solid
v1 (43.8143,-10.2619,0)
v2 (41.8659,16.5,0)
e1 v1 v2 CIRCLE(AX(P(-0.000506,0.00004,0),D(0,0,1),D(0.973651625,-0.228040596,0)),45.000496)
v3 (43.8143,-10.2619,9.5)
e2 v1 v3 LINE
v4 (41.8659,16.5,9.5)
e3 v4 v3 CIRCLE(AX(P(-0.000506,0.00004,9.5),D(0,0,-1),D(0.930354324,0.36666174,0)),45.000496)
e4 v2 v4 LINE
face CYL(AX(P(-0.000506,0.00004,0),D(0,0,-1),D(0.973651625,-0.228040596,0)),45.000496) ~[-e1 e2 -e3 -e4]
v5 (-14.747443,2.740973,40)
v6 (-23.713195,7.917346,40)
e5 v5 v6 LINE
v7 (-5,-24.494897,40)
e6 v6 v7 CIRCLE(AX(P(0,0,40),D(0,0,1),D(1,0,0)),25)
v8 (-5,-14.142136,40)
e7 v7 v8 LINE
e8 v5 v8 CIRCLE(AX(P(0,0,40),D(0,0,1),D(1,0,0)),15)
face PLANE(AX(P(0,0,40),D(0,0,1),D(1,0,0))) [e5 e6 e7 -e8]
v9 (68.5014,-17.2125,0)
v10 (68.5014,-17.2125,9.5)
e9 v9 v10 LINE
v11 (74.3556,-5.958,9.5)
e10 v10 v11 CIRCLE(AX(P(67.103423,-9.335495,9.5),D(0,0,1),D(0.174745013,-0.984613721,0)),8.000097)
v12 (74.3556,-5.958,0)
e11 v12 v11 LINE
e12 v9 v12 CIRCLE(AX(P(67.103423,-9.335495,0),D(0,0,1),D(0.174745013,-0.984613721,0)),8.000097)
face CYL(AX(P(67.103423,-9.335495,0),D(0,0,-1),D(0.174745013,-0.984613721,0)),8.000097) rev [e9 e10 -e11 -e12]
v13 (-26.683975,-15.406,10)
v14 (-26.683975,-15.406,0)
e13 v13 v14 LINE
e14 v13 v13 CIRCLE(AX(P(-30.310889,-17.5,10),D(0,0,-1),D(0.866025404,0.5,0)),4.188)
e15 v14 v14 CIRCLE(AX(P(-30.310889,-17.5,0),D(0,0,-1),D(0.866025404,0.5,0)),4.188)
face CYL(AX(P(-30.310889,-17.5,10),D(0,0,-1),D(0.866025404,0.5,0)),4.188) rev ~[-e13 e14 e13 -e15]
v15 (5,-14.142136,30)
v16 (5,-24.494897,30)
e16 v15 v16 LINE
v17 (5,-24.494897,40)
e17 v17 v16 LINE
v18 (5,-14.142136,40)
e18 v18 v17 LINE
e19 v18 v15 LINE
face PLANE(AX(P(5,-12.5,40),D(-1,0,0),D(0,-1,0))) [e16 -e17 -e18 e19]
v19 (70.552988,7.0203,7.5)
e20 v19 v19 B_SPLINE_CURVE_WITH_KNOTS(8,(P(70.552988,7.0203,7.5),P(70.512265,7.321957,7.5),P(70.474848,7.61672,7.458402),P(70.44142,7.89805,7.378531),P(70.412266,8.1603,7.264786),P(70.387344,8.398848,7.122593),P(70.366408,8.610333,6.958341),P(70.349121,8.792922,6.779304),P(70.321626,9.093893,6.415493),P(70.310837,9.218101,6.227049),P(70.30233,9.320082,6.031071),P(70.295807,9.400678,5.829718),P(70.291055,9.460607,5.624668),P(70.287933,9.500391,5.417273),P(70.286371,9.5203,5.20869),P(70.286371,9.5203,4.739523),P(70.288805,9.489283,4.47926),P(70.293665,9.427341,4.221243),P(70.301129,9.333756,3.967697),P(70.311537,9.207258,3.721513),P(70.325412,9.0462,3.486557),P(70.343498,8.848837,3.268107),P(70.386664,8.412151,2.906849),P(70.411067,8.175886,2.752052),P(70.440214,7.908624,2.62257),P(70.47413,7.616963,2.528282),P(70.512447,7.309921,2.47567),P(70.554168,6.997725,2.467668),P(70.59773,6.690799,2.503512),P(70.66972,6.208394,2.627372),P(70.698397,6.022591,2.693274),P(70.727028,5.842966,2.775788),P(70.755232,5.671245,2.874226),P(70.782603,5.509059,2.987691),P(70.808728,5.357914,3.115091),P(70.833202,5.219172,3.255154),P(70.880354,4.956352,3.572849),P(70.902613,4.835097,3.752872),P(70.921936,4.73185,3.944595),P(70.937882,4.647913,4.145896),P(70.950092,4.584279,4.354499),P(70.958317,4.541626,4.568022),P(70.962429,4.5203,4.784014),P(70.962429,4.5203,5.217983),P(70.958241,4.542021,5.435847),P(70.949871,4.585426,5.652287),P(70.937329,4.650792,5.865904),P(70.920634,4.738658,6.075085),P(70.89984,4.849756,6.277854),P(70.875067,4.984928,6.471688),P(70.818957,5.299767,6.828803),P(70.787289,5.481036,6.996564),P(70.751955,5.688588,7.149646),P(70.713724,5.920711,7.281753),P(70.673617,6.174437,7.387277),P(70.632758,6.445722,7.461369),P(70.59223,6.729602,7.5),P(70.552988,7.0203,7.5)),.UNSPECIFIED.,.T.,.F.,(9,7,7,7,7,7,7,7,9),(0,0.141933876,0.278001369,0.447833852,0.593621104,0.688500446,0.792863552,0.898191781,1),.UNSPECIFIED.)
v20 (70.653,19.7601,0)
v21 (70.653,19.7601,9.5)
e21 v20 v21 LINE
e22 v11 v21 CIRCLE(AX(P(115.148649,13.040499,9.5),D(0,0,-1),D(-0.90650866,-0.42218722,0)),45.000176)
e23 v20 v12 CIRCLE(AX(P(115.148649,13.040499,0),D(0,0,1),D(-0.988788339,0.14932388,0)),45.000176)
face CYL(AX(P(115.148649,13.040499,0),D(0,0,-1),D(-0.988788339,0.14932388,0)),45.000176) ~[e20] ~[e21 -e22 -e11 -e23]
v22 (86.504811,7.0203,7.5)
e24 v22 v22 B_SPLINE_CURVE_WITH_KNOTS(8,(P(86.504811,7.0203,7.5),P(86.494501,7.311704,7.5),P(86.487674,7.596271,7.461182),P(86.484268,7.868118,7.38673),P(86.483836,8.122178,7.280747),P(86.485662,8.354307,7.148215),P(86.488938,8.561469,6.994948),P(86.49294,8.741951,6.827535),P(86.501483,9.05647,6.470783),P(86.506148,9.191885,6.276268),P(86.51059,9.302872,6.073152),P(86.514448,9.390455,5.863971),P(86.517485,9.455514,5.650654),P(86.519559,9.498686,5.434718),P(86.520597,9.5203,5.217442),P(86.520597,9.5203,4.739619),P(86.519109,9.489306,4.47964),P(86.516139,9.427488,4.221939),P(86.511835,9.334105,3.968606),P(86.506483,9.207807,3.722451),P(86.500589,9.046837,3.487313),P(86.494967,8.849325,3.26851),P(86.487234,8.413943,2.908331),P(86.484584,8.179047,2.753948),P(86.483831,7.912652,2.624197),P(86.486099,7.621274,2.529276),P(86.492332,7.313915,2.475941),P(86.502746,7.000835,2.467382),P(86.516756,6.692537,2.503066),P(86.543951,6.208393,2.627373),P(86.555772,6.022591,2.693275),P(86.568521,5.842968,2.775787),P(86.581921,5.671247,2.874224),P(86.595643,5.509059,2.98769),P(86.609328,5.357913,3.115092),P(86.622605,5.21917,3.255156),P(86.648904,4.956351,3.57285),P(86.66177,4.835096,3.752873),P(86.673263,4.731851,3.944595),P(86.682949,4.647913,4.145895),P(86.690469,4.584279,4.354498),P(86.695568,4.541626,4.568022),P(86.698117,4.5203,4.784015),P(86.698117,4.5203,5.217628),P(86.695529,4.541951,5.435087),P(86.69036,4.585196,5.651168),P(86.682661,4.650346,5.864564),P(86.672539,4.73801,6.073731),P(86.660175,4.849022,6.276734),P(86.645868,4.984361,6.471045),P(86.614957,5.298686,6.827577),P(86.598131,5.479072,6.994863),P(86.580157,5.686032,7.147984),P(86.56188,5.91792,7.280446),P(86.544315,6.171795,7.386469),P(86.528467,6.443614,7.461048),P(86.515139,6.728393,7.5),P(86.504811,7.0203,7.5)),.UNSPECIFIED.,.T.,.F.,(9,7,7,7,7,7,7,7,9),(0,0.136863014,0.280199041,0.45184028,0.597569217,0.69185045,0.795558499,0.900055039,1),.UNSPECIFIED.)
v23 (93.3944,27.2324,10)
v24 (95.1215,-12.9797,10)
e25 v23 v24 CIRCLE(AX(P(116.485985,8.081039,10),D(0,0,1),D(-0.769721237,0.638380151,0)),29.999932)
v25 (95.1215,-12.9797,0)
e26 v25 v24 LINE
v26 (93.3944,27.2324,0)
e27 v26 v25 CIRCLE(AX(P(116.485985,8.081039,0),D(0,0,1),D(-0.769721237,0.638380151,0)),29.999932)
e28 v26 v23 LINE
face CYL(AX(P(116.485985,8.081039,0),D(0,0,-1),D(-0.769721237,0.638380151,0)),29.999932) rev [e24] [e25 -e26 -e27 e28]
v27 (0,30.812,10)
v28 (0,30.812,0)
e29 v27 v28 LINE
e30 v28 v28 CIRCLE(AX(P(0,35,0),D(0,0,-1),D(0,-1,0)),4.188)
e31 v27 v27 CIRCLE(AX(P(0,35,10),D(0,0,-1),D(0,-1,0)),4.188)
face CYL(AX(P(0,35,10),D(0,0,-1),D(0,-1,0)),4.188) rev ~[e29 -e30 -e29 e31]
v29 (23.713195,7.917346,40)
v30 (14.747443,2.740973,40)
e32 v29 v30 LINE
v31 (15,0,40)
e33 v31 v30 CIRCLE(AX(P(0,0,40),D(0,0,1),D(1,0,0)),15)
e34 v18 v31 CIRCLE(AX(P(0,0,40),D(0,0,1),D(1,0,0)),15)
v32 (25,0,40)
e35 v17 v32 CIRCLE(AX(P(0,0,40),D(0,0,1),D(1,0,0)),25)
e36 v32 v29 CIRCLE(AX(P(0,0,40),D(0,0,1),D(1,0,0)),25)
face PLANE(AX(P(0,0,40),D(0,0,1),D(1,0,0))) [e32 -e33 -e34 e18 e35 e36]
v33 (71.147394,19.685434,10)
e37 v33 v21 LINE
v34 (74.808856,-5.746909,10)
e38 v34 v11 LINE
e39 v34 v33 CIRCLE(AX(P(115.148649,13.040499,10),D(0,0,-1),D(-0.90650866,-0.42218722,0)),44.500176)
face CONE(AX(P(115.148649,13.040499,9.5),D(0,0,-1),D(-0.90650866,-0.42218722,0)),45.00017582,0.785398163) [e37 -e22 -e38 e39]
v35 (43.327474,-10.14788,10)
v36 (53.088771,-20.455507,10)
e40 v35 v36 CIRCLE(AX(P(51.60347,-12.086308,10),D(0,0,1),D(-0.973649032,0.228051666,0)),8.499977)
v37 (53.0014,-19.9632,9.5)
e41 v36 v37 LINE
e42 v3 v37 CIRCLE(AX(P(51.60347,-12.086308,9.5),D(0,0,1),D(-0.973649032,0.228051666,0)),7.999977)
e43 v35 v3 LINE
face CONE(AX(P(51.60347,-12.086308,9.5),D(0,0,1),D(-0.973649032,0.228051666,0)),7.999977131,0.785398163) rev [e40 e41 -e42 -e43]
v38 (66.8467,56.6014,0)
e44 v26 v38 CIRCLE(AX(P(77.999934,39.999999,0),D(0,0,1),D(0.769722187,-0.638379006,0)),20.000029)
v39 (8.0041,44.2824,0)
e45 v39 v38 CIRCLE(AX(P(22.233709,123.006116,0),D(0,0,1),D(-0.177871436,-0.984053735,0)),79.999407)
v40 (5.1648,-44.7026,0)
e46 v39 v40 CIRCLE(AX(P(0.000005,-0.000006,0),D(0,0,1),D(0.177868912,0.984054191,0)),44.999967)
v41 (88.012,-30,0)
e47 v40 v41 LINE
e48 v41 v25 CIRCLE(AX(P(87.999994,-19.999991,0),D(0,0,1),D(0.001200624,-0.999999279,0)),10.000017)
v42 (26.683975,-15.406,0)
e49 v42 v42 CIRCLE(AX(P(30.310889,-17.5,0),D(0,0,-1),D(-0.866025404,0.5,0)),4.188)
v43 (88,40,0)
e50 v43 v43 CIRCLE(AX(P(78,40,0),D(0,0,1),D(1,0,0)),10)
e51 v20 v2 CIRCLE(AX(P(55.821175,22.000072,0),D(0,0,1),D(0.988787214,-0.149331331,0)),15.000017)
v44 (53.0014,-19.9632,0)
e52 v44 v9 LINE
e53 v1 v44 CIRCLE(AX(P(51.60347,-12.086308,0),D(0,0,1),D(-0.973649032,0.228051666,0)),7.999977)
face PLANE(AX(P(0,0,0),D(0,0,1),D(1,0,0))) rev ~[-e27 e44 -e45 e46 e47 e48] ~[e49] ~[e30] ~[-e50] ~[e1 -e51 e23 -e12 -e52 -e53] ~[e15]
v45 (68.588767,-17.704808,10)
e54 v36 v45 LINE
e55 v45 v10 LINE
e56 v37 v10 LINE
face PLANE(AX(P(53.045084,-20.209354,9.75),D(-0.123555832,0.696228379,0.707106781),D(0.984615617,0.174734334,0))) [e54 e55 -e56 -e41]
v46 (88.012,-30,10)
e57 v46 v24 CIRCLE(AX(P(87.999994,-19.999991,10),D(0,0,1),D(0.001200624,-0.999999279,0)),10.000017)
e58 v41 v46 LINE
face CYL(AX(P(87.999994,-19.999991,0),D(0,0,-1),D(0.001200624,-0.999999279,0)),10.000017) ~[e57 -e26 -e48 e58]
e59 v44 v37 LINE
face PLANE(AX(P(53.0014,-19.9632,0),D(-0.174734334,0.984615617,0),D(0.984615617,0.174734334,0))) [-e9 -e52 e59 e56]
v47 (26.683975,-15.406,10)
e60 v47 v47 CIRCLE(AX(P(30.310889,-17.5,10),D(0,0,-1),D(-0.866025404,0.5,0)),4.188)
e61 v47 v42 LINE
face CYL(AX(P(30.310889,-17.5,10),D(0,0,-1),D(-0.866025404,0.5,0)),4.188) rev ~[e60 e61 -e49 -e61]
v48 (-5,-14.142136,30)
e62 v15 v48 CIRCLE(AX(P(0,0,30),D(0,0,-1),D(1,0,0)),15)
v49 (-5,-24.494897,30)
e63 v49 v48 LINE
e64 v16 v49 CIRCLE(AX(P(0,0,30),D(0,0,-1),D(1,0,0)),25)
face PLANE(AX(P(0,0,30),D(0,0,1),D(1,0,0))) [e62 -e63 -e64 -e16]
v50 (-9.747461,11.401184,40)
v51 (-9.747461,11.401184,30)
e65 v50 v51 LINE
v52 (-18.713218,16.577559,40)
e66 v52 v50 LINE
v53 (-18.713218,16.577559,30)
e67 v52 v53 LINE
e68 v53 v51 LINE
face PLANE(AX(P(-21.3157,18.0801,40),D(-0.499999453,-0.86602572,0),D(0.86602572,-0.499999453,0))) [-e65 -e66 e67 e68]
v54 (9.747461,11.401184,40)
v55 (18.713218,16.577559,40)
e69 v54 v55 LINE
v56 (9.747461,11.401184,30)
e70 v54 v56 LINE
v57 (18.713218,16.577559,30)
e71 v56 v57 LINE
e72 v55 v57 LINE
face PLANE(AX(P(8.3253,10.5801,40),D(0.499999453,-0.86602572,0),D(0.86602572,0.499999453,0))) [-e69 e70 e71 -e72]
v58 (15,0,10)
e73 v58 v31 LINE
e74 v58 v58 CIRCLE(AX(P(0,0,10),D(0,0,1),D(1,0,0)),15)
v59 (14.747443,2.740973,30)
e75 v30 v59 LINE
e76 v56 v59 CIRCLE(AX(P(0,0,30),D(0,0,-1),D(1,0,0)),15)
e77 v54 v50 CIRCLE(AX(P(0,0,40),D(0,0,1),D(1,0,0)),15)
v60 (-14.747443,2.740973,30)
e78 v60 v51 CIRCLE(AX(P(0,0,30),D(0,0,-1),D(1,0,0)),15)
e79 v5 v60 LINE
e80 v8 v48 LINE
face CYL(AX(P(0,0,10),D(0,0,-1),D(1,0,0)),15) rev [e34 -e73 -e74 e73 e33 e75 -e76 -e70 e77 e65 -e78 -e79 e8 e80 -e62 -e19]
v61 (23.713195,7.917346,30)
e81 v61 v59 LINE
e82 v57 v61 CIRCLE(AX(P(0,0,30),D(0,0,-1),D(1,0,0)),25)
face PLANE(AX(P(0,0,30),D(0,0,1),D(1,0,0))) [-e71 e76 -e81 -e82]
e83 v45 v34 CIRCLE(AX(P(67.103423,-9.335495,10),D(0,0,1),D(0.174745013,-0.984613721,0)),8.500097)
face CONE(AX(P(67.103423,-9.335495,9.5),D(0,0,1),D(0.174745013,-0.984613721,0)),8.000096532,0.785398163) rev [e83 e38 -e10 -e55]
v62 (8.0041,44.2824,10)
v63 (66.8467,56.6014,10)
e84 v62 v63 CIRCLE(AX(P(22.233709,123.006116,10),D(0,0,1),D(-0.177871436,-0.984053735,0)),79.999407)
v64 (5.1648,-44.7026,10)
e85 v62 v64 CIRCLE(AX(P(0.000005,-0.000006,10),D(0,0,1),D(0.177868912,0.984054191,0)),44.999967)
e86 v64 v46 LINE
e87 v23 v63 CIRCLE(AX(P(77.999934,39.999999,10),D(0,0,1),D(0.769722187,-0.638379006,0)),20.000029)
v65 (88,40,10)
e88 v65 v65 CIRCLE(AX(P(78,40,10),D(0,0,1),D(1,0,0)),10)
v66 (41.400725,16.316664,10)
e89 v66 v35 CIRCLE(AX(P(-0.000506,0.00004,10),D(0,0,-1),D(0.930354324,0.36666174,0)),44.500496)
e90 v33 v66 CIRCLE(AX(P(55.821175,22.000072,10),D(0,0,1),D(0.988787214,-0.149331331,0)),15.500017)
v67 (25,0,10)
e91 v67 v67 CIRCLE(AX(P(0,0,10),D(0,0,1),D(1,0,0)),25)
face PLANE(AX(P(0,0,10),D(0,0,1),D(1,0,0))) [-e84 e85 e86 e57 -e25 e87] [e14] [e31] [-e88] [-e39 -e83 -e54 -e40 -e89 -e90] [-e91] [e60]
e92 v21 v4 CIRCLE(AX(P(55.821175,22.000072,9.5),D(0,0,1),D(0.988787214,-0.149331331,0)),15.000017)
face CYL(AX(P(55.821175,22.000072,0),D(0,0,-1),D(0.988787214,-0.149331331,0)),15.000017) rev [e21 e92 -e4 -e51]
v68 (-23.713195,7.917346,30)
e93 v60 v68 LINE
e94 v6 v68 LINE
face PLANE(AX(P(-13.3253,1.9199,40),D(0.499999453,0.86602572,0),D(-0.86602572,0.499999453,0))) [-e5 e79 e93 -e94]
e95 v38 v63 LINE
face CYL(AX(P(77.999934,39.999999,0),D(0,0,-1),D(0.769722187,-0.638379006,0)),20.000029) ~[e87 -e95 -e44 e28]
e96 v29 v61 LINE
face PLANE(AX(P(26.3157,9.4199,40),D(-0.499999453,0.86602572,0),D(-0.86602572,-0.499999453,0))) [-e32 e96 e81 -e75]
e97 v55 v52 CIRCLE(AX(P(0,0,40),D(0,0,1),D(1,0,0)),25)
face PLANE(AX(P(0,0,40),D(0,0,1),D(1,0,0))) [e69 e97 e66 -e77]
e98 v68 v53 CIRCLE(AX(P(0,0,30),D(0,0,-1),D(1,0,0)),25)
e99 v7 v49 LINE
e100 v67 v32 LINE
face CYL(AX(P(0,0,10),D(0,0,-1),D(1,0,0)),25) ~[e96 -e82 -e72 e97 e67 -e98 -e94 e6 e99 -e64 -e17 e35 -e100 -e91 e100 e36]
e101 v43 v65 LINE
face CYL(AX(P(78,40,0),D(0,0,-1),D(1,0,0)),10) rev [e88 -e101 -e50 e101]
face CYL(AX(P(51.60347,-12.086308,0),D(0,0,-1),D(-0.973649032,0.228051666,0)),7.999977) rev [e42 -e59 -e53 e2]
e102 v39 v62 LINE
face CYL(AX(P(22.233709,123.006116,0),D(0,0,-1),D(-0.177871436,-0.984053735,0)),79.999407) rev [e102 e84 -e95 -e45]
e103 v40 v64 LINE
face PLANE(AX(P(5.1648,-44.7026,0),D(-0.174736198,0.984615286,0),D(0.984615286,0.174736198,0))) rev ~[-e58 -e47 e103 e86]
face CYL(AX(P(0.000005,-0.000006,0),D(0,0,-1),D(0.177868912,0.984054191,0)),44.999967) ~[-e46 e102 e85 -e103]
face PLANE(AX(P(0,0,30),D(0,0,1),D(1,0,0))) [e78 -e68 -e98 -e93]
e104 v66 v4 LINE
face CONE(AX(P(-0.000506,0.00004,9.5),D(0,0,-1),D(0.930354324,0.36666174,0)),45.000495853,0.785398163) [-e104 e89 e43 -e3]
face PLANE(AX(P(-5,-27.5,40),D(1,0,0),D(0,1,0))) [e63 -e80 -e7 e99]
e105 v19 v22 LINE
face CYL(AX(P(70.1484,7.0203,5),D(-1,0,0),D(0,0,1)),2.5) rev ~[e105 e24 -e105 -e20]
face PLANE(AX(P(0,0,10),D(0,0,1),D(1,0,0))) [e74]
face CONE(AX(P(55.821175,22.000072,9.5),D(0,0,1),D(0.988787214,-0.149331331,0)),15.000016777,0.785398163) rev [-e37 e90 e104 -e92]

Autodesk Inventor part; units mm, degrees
ref_plane "YZ Plane" through (0, 0, 0) normal (1, 0, 0) x (0, 1, 0)
ref_plane "XZ Plane" through (0, 0, 0) normal (0, 1, 0) x (-1, 0, 0)
sketch "Sketch1" plane through (0, 0, 0) normal (0, 0, 1) x (1, 0, 0)
  arc A0 (93.3944, 27.2324) -> (66.8467, 56.6014) centre (78, 40) ccw
  circle A1 centre (78, 40) radius 10
  arc A2 (88.012, -30) -> (95.1215, -12.9797) centre (88, -20) ccw
  arc A3 (93.3944, 27.2324) -> (95.1215, -12.9797) centre (116.4861, 8.081) ccw
  arc A4 (70.653, 19.7601) -> (41.8659, 16.5) centre (55.8211, 22) ccw
  line L0 (5.1648, -44.7026) -> (88.012, -30)
  line L1 (53.0014, -19.9632) -> (68.5014, -17.2125)
  arc A5 (70.653, 19.7601) -> (74.3556, -5.958) centre (115.1484, 13.0405) ccw
  arc A6 (43.8143, -10.2619) -> (53.0014, -19.9632) centre (51.6035, -12.0863) ccw
  arc A7 (68.5014, -17.2125) -> (74.3556, -5.958) centre (67.1035, -9.3356) ccw
  arc A8 (8.0041, 44.2824) -> (66.8467, 56.6014) centre (22.2337, 123.0068) ccw
  arc A9 (43.8143, -10.2619) -> (41.8659, 16.5) centre (0, 0) ccw
  arc A10 (8.0041, 44.2824) -> (5.1648, -44.7026) centre (0, 0) ccw
  dimension "d1" = 40
  dimension "d2" = 20
  dimension "d3" = 40
  dimension "d4" = 78
  dimension "d5" = 20
  dimension "d6" = 20
  dimension "d7" = 88
  dimension "d8" = 60
  dimension "d10" = 30
  dimension "d11" = 22
  dimension "d19" = 16
  dimension "d22" = 15.5
  dimension "d23" = 90
  dimension "d24" = 160
  dimension "d25" = 45
  dimension "d26" = 123.0068
  dimension "d27" = 44.9174
  dimension "d28" = 8
  dimension "d29" = 8
  dimension "d31" = 45
  dimension "d32" = 31.3356
  dimension "d33" = 34.0863
  dimension "d34" = 13.0404
  dimension "d70" = 55.8211
extrude "Extrusion1" add sketch "Sketch1" along normal blind 10
sketch "Sketch2" plane through (0, 0, 10) normal (0, 0, 1) x (1, 0, 0)
  circle A0 centre (0, 0) radius 25
  circle A1 centre (0, 0) radius 15
  dimension "d37" = 50
  dimension "d38" = 30
extrude "Extrusion2" add sketch "Sketch2" along normal blind 30
sketch "Sketch3" plane through (0, 0, 40) normal (0, 0, 1) x (1, 0, 0)
  line L0 (-5, -12.5) -> (5, -12.5)
  line L1 (5, -12.5) -> (5, -27.5)
  line L2 (5, -27.5) -> (-5, -27.5)
  line L3 (-5, -27.5) -> (-5, -12.5)
  line L4 (-5, -12.5) -> (5, -27.5) construction
  line L5 (5, -12.5) -> (-5, -27.5) construction
  line L6 (13.3253, 1.9199) -> (8.3253, 10.5801)
  line L7 (26.3157, 9.4199) -> (13.3253, 1.9199)
  line L8 (8.3253, 10.5801) -> (21.3157, 18.0801)
  line L9 (21.3157, 18.0801) -> (26.3157, 9.4199)
  line L10 (-8.3253, 10.5801) -> (-13.3253, 1.9199)
  line L11 (-21.3157, 18.0801) -> (-8.3253, 10.5801)
  line L12 (-13.3253, 1.9199) -> (-26.3157, 9.4199)
  line L13 (-26.3157, 9.4199) -> (-21.3157, 18.0801)
  point P0 (0, 0)
  point P1 (0, -20)
  dimension "d41" = 20
  dimension "d42" = 10
  dimension "d43" = 15
  dimension "d44" = 12.5
  dimension "d47" = 360
extrude "Extrusion3" cut sketch "Sketch3" against normal blind 10
sketch "Sketch4" plane through (0, 0, 10) normal (0, 0, 1) x (1, 0, 0)
  point P0 (0, 0)
  point P1 (0, 35)
  dimension "d51" = 35
hole "Hole1" at (0, 35, 10) direction (0, 0, -1) diameter 8.376 end through all thread size "M10x1.5" class "6H" standard "ISO Metric profile"
ref_plane "Work Plane1" through (70.1484, 13.0405, 0) normal (-1, 0, 0) x (0, 0, 1)
sketch "Sketch5" plane through (70.1484, 13.0405, 0) normal (-1, 0, 0) x (0, 0, 1)
  circle A0 centre (5, -6.0202) radius 2.5
  line L0 (0, 14.192) -> (0, -26.0202) projected
  line L1 (0, -26.0202) -> (10, -26.0202) projected
  point P0 (0, -13.0405)
  dimension "d59" = 5
  dimension "d60" = 5
  dimension "d61" = 20
extrude "Extrusion4" cut sketch "Sketch5" against normal through all
pattern_circular "Circular Pattern1" count 3 over 360 about axis through (0, 0, 0) along (0, 0, 1) of "Hole1"
chamfer "Chamfer1" distance 0.5 angle 45 6 edges at (54.1332, 36.9047, 10) (70.6077, 6.628, 10) (74.2008, -13.0273, 10) (60.7514, -18.5878, 10) (45.7948, -17.5871, 10) (44.8812, 3.2676, 10)
properties part number "Curved disk example"
